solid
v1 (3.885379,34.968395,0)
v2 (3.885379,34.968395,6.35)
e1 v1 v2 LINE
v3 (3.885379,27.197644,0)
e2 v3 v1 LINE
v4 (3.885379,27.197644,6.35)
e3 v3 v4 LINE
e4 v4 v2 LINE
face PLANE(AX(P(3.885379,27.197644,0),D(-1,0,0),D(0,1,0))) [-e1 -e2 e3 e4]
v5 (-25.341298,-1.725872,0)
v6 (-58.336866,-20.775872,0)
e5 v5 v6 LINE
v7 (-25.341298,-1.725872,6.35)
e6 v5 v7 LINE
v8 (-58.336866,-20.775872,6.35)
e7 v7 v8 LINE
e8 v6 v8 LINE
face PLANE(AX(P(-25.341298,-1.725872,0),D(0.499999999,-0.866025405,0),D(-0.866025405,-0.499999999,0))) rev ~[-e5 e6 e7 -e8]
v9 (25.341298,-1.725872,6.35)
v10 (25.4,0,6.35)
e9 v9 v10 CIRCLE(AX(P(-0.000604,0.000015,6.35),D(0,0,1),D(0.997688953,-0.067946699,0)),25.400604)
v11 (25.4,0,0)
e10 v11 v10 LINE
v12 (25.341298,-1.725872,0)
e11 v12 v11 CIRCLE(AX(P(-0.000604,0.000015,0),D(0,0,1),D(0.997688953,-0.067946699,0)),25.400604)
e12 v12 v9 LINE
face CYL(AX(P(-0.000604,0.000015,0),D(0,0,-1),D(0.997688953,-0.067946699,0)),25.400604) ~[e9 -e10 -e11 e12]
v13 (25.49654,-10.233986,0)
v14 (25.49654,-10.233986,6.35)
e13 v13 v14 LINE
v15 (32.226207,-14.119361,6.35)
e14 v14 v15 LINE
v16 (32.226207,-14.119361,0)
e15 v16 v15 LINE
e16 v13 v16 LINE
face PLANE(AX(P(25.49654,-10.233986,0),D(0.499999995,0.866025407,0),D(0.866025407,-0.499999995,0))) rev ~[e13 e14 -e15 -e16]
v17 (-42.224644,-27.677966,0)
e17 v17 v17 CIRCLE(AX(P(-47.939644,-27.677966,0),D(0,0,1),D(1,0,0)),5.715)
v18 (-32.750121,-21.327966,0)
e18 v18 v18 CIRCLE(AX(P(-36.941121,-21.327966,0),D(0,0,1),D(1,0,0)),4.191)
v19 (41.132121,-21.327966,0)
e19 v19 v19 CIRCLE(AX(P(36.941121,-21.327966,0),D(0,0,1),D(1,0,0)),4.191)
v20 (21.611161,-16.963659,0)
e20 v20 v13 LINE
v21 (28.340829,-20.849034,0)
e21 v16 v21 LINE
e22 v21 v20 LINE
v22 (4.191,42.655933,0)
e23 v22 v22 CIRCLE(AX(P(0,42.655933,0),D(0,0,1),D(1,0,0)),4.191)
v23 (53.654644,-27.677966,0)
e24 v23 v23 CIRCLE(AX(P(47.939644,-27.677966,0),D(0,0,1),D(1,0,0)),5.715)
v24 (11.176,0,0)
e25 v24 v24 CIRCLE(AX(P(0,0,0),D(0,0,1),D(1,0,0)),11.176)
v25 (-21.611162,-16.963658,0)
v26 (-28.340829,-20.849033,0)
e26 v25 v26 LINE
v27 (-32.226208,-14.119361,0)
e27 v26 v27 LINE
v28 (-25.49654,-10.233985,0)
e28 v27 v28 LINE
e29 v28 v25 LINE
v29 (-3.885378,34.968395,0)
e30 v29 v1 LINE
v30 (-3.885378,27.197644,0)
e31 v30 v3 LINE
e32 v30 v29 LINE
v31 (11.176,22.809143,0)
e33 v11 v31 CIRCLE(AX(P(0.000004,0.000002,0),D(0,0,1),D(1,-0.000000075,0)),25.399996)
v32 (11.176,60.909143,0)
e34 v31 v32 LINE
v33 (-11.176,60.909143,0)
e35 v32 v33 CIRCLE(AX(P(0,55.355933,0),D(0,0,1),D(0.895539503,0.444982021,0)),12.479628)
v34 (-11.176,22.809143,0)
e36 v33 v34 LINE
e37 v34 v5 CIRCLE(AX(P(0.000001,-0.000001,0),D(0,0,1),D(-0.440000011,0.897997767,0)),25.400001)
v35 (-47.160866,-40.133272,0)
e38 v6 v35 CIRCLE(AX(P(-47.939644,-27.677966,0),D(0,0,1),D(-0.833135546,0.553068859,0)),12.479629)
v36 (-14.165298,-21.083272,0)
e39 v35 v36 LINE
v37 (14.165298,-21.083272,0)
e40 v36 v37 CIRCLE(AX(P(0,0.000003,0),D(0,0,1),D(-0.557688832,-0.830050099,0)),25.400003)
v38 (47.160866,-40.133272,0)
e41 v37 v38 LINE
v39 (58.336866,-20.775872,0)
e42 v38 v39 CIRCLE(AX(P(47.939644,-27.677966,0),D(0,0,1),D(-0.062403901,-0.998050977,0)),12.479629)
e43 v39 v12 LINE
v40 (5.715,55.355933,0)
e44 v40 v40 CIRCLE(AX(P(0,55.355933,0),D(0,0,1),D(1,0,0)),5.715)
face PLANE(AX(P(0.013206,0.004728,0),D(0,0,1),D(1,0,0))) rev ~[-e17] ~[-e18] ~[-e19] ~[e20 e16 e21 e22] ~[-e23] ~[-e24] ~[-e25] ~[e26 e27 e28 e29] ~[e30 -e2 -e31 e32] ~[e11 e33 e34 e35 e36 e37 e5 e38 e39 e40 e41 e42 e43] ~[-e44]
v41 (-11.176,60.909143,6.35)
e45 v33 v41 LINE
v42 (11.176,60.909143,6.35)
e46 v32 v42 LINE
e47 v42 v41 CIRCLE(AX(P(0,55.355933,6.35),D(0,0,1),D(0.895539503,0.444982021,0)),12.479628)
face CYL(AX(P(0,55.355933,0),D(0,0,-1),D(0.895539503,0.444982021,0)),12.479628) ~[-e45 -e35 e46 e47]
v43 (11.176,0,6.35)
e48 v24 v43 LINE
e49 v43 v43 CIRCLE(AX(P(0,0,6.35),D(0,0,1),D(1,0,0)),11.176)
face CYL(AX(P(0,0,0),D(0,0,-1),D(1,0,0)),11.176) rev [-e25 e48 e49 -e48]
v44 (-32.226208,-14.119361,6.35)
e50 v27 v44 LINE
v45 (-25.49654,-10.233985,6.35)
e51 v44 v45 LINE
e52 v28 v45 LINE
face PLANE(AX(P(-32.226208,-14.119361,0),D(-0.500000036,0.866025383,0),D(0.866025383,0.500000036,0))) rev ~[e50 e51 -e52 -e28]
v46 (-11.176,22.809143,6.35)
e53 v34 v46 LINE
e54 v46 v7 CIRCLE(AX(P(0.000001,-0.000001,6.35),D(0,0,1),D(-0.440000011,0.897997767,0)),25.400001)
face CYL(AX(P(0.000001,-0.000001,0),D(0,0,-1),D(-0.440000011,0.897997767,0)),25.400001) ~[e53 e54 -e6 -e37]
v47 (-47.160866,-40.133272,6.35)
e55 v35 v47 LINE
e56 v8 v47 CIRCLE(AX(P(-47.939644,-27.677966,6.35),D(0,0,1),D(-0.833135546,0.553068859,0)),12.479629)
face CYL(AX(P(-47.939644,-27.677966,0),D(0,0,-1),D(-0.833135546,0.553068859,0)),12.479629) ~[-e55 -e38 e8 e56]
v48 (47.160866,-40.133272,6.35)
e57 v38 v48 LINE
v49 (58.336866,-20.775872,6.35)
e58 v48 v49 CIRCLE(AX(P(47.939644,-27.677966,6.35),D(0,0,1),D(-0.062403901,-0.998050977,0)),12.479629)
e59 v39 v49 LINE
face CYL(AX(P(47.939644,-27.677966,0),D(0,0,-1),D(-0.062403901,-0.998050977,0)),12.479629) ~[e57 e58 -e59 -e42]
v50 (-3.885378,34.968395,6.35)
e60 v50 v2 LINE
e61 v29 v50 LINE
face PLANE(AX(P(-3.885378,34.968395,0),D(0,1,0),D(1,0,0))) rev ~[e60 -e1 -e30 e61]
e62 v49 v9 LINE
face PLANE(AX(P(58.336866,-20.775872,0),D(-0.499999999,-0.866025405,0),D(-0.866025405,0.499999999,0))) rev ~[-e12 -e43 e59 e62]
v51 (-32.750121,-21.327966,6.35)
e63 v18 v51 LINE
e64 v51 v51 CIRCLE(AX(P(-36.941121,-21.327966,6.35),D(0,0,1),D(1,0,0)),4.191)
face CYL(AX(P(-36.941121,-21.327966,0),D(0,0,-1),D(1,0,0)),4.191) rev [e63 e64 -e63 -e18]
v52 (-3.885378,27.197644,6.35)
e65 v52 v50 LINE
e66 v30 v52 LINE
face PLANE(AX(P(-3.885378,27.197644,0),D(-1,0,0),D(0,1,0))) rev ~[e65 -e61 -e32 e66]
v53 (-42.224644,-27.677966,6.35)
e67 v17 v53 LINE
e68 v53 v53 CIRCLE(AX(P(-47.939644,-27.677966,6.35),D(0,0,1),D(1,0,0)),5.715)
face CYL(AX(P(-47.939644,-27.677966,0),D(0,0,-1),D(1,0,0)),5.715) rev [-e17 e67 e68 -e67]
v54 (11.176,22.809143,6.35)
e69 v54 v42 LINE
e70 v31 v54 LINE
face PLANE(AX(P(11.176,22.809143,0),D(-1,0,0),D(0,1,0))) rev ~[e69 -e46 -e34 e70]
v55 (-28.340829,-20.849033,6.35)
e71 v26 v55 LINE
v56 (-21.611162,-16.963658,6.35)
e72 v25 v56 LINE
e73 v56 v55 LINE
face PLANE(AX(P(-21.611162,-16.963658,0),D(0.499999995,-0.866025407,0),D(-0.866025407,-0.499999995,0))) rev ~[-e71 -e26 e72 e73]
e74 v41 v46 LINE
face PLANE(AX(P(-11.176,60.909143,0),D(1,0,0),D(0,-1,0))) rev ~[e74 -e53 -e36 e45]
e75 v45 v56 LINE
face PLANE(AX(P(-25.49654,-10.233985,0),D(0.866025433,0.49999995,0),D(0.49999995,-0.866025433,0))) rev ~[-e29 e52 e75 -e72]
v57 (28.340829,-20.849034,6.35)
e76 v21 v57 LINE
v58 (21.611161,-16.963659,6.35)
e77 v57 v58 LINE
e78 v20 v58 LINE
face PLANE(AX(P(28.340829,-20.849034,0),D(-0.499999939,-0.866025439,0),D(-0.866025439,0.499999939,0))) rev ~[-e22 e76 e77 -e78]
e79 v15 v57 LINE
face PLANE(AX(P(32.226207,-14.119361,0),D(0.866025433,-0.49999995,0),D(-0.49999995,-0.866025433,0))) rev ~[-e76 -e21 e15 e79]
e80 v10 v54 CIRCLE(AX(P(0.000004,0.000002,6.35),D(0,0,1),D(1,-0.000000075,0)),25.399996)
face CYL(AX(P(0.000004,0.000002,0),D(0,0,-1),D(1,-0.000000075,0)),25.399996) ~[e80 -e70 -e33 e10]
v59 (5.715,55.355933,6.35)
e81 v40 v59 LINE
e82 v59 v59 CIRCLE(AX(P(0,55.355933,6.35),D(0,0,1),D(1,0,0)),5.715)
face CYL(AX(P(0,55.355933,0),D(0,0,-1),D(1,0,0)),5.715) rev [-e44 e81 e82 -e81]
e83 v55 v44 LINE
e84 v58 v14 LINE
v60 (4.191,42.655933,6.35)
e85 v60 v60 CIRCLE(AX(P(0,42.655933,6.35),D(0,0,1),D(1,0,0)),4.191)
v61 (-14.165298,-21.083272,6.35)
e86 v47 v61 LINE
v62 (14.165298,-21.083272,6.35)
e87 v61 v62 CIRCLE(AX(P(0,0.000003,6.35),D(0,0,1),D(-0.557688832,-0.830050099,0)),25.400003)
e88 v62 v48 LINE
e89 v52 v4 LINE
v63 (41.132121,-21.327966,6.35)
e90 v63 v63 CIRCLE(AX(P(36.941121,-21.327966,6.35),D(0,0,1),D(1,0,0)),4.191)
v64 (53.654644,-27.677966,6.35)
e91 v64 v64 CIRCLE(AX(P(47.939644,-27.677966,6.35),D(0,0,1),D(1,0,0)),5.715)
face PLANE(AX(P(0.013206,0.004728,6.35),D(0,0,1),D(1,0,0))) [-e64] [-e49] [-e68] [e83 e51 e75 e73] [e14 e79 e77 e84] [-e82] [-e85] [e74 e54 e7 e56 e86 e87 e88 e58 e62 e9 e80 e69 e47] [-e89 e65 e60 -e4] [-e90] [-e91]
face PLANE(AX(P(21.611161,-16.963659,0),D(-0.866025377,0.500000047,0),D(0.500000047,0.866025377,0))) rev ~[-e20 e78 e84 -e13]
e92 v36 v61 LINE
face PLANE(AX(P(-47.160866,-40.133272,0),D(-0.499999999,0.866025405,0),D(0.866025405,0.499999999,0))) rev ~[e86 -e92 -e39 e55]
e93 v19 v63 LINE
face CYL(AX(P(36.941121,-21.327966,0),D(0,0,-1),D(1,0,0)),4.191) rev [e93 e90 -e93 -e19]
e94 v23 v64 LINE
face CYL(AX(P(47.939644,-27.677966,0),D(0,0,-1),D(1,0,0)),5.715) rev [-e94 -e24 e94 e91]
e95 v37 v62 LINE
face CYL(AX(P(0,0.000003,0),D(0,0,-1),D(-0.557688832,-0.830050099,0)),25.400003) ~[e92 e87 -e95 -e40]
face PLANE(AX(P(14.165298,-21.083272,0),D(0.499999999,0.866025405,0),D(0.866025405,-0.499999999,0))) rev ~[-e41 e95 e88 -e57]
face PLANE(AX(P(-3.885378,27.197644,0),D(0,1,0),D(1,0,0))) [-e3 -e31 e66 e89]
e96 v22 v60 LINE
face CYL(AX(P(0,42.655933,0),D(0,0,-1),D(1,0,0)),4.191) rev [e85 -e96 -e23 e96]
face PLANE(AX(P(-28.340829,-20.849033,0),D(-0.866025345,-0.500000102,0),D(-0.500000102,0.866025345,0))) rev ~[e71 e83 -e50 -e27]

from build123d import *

# Parameters (mm, degrees)
F0_R     = 11.176
F0_W     = 7.770757
F0_H     = 7.770751
F0_R_2   = 4.191
F0_R_3   = 5.715
F1_DEPTH = 6.35


with BuildPart() as f1:
    # F0 (on Top) → F1 (new body)
    with BuildSketch(Plane.XY):
        with BuildLine():
            ThreePointArc((25.341298, -1.725872), (25.38532, -0.863435), (25.4, 0))
            ThreePointArc((25.4, 0), (21.552615, 13.440417), (11.176, 22.809143))
            ThreePointArc((11.176, 22.809143), (0, 25.4), (-11.176, 22.809143))
            ThreePointArc((-11.176, 22.809143), (-21.997045, 12.7), (-25.341298, -1.725872))
            ThreePointArc((-25.341298, -1.725872), (-21.997045, -12.7), (-14.165298, -21.083272))
            ThreePointArc((-14.165298, -21.083272), (0, -25.4), (14.165298, -21.083272))
            ThreePointArc((14.165298, -21.083272), (21.997045, -12.7), (25.341298, -1.725872))
        make_face()
        Circle(F0_R, mode=Mode.SUBTRACT)
        with BuildLine():
            ThreePointArc((-11.176, 22.809143), (0, 25.4), (11.176, 22.809143))
            Line((11.176, 22.809143), (11.176, 60.909143))
            ThreePointArc((11.176, 60.909143), (0, 67.835561), (-11.176, 60.909143))
            Line((-11.176, 60.909143), (-11.176, 22.809143))
        make_face()
        with Locations((1e-06, 31.083019)):
            Rectangle(F0_W, F0_H, mode=Mode.SUBTRACT)
        with Locations((0, 42.655933)):
            Circle(F0_R_2, mode=Mode.SUBTRACT)
        with Locations((0, 55.355933)):
            Circle(F0_R_3, mode=Mode.SUBTRACT)
        with BuildLine():
            Line((58.336866, -20.775872), (25.341298, -1.725872))
            ThreePointArc((25.341298, -1.725872), (21.997045, -12.7), (14.165298, -21.083272))
            Line((14.165298, -21.083272), (47.160866, -40.133272))
            ThreePointArc((47.160866, -40.133272), (58.747319, -33.917781), (58.336866, -20.775872))
        make_face()
        Polygon((25.49654, -10.233986), (32.226207, -14.119361), (28.340829, -20.849034), (21.611161, -16.963659), align=None, mode=Mode.SUBTRACT)
        with Locations((47.939644, -27.677966)):
            Circle(F0_R_3, mode=Mode.SUBTRACT)
        with Locations((36.941121, -21.327966)):
            Circle(F0_R_2, mode=Mode.SUBTRACT)
        with BuildLine():
            ThreePointArc((-14.165298, -21.083272), (-21.997045, -12.7), (-25.341298, -1.725872))
            Line((-25.341298, -1.725872), (-58.336866, -20.775872))
            ThreePointArc((-58.336866, -20.775872), (-58.747319, -33.917781), (-47.160866, -40.133272))
            Line((-47.160866, -40.133272), (-14.165298, -21.083272))
        make_face()
        with Locations((-47.939644, -27.677966)):
            Circle(F0_R_3, mode=Mode.SUBTRACT)
        with Locations((-36.941121, -21.327966)):
            Circle(F0_R_2, mode=Mode.SUBTRACT)
        Polygon((-21.611162, -16.963658), (-28.340829, -20.849033), (-32.226208, -14.119361), (-25.49654, -10.233985), align=None, mode=Mode.SUBTRACT)
    extrude(amount=F1_DEPTH)


solid = f1.part
